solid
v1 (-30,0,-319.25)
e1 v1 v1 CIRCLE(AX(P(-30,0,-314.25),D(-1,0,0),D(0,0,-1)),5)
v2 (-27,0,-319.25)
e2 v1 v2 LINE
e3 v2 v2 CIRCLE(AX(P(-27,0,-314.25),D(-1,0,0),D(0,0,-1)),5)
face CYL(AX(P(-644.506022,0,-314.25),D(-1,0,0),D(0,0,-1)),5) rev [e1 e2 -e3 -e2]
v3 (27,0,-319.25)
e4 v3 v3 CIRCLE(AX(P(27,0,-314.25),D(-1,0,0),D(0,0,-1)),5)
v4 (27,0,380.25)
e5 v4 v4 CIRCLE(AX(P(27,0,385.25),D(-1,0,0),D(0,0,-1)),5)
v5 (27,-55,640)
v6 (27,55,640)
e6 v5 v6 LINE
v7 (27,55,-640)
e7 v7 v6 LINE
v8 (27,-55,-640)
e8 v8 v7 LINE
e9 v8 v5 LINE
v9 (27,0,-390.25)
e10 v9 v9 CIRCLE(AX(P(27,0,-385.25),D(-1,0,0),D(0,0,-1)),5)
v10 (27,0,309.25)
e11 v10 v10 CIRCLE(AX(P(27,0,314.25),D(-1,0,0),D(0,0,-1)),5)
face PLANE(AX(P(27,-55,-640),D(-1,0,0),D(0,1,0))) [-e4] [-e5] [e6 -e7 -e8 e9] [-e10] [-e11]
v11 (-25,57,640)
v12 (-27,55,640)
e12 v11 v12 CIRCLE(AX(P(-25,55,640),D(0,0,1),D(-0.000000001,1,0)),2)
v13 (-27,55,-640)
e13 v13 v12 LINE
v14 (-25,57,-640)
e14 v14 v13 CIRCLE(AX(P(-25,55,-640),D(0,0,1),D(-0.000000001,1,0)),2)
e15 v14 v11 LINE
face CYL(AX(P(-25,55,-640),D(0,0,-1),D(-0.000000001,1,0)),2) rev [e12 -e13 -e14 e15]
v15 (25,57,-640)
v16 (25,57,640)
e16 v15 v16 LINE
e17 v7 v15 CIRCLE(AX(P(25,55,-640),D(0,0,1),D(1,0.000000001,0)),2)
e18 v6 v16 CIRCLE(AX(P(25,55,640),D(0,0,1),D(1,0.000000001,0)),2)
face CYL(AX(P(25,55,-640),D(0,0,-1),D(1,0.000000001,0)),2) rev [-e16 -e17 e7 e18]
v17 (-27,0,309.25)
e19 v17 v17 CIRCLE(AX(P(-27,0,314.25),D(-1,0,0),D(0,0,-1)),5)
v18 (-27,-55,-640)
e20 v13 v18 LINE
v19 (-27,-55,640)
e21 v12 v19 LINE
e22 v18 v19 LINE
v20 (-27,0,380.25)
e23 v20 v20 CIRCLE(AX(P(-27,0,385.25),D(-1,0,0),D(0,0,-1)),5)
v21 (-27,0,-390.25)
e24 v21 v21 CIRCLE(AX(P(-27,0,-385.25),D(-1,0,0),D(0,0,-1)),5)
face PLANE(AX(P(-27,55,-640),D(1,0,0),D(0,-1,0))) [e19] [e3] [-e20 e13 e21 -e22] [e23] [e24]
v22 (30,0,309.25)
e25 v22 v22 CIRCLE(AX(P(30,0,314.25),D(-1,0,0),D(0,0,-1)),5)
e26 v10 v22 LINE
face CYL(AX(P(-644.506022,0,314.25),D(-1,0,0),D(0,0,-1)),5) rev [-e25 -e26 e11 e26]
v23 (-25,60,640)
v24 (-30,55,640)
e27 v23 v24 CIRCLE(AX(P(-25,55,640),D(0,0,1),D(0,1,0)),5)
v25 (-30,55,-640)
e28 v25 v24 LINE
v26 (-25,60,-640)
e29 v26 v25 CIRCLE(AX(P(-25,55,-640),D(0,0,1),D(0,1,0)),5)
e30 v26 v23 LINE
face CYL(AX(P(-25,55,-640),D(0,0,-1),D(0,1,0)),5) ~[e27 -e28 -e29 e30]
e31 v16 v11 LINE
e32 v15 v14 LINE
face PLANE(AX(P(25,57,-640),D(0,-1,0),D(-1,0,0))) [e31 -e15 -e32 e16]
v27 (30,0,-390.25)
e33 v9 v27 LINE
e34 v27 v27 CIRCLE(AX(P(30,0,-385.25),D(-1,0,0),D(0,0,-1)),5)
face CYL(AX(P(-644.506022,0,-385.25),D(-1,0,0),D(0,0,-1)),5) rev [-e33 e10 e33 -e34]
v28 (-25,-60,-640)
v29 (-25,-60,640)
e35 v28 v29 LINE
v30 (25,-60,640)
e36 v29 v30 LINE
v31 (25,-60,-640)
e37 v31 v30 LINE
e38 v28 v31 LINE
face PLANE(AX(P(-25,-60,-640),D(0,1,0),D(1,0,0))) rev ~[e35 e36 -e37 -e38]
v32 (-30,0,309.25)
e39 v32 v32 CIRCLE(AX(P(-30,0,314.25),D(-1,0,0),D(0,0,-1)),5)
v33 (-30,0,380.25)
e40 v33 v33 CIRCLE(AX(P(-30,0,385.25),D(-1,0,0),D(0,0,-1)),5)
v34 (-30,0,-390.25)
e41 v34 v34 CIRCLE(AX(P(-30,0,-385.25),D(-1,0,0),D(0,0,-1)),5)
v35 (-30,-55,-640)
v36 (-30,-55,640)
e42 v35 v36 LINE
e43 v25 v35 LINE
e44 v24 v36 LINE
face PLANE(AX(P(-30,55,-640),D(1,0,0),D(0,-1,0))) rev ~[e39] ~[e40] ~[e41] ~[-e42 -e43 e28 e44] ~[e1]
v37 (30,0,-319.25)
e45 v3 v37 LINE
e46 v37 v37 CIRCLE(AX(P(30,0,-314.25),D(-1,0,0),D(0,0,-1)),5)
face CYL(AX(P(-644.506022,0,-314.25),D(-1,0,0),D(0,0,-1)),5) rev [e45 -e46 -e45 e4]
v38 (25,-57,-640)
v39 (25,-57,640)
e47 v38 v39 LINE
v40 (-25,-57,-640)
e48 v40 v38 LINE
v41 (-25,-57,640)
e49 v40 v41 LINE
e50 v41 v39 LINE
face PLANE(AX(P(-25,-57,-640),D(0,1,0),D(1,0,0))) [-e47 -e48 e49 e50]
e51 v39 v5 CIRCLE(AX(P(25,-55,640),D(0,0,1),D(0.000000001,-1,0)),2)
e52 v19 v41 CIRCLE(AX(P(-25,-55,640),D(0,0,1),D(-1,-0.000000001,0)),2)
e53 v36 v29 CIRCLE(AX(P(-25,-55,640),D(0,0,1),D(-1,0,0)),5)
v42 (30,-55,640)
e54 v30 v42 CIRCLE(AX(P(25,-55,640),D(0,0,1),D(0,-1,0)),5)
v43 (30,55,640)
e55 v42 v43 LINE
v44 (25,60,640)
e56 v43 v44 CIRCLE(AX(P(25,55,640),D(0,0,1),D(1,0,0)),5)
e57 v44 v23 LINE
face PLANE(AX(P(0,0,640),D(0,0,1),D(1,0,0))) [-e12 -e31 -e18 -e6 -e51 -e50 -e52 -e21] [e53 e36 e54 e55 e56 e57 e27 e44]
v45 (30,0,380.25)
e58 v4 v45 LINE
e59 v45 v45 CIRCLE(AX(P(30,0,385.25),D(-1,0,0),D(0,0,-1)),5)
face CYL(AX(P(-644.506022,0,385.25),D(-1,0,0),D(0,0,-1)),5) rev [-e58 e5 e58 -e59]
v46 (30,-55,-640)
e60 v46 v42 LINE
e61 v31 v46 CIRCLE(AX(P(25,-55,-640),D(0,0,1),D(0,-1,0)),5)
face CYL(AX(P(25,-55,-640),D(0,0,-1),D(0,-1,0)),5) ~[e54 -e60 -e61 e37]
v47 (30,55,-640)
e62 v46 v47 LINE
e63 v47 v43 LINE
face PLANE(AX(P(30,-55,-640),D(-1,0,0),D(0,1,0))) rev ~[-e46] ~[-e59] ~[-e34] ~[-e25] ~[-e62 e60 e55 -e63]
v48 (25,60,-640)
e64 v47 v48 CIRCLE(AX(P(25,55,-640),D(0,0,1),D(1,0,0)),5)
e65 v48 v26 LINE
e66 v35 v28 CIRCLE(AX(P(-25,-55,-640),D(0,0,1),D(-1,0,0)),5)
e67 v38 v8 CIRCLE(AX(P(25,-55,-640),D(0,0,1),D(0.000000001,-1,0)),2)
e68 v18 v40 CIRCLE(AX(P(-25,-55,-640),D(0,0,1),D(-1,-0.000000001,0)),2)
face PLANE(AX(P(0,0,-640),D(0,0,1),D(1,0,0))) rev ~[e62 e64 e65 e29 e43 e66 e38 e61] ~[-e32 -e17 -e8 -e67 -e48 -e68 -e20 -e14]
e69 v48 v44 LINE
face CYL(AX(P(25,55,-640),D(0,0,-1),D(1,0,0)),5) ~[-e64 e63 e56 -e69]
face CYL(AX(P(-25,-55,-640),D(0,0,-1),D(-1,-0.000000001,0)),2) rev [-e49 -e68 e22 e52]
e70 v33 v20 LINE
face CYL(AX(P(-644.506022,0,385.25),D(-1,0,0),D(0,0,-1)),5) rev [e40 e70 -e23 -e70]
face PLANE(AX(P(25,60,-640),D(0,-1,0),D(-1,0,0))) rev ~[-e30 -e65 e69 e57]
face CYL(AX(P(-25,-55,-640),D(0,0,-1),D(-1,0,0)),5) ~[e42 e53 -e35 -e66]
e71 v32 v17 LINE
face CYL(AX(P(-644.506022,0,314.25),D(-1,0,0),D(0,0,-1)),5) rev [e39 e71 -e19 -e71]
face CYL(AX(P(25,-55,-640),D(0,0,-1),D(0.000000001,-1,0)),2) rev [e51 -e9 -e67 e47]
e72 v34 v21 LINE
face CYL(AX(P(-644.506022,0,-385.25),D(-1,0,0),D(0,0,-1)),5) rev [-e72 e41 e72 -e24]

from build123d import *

# Parameters (mm, degrees)
EXTRUDE_THIN1_DEPTH      = 640
EXTRUDE_THIN1_DEPTH_BACK = 640
CUT_EXTRUDE1_DEPTH       = 644.506021728
CUT_EXTRUDE1_DEPTH_BACK  = 644.506021728
SKETCH2_R                = 5


with BuildPart() as part:
    # Sketch1 → Extrude-Thin1 (new, two sides: drawn at the far end of the back side and taken through both)
    with BuildSketch(Plane.XY.offset(-EXTRUDE_THIN1_DEPTH_BACK)):
        with BuildLine():
            Line((-30, 55), (-30, -55))
            ThreePointArc((-30, -55), (-28.535533906, -58.535533906), (-25, -60))
            Line((-25, -60), (25, -60))
            ThreePointArc((25, -60), (28.535533906, -58.535533906), (30, -55))
            Line((30, -55), (30, 55))
            ThreePointArc((30, 55), (28.535533906, 58.535533906), (25, 60))
            Line((25, 60), (-25, 60))
            ThreePointArc((-25, 60), (-28.535533906, 58.535533906), (-30, 55))
        make_face()
        with BuildLine():
            Line((-27, 55), (-27, -55))
            ThreePointArc((-27, -55), (-26.414213562, -56.414213562), (-25, -57))
            Line((-25, -57), (25, -57))
            ThreePointArc((25, -57), (26.414213562, -56.414213562), (27, -55))
            Line((27, -55), (27, 55))
            ThreePointArc((27, 55), (26.414213562, 56.414213562), (25, 57))
            Line((25, 57), (-25, 57))
            ThreePointArc((-25, 57), (-26.414213562, 56.414213562), (-27, 55))
        make_face(mode=Mode.SUBTRACT)
    extrude(amount=EXTRUDE_THIN1_DEPTH + EXTRUDE_THIN1_DEPTH_BACK)

    # Sketch2 → Cut-Extrude1 (cut, two sides: drawn at the far end of the back side and taken through both)
    with BuildSketch(Plane(origin=(0, 0, 0), x_dir=(0, 0, -1), z_dir=(1, 0, 0)).offset(-CUT_EXTRUDE1_DEPTH_BACK)):
        with Locations((-314.25, 0)):
            Circle(SKETCH2_R)
        with Locations((-385.25, 0)):
            Circle(SKETCH2_R)
        with Locations((314.25, 0)):
            Circle(SKETCH2_R)
        with Locations((385.25, 0)):
            Circle(SKETCH2_R)
    extrude(amount=CUT_EXTRUDE1_DEPTH + CUT_EXTRUDE1_DEPTH_BACK, mode=Mode.SUBTRACT)


solid = part.part
